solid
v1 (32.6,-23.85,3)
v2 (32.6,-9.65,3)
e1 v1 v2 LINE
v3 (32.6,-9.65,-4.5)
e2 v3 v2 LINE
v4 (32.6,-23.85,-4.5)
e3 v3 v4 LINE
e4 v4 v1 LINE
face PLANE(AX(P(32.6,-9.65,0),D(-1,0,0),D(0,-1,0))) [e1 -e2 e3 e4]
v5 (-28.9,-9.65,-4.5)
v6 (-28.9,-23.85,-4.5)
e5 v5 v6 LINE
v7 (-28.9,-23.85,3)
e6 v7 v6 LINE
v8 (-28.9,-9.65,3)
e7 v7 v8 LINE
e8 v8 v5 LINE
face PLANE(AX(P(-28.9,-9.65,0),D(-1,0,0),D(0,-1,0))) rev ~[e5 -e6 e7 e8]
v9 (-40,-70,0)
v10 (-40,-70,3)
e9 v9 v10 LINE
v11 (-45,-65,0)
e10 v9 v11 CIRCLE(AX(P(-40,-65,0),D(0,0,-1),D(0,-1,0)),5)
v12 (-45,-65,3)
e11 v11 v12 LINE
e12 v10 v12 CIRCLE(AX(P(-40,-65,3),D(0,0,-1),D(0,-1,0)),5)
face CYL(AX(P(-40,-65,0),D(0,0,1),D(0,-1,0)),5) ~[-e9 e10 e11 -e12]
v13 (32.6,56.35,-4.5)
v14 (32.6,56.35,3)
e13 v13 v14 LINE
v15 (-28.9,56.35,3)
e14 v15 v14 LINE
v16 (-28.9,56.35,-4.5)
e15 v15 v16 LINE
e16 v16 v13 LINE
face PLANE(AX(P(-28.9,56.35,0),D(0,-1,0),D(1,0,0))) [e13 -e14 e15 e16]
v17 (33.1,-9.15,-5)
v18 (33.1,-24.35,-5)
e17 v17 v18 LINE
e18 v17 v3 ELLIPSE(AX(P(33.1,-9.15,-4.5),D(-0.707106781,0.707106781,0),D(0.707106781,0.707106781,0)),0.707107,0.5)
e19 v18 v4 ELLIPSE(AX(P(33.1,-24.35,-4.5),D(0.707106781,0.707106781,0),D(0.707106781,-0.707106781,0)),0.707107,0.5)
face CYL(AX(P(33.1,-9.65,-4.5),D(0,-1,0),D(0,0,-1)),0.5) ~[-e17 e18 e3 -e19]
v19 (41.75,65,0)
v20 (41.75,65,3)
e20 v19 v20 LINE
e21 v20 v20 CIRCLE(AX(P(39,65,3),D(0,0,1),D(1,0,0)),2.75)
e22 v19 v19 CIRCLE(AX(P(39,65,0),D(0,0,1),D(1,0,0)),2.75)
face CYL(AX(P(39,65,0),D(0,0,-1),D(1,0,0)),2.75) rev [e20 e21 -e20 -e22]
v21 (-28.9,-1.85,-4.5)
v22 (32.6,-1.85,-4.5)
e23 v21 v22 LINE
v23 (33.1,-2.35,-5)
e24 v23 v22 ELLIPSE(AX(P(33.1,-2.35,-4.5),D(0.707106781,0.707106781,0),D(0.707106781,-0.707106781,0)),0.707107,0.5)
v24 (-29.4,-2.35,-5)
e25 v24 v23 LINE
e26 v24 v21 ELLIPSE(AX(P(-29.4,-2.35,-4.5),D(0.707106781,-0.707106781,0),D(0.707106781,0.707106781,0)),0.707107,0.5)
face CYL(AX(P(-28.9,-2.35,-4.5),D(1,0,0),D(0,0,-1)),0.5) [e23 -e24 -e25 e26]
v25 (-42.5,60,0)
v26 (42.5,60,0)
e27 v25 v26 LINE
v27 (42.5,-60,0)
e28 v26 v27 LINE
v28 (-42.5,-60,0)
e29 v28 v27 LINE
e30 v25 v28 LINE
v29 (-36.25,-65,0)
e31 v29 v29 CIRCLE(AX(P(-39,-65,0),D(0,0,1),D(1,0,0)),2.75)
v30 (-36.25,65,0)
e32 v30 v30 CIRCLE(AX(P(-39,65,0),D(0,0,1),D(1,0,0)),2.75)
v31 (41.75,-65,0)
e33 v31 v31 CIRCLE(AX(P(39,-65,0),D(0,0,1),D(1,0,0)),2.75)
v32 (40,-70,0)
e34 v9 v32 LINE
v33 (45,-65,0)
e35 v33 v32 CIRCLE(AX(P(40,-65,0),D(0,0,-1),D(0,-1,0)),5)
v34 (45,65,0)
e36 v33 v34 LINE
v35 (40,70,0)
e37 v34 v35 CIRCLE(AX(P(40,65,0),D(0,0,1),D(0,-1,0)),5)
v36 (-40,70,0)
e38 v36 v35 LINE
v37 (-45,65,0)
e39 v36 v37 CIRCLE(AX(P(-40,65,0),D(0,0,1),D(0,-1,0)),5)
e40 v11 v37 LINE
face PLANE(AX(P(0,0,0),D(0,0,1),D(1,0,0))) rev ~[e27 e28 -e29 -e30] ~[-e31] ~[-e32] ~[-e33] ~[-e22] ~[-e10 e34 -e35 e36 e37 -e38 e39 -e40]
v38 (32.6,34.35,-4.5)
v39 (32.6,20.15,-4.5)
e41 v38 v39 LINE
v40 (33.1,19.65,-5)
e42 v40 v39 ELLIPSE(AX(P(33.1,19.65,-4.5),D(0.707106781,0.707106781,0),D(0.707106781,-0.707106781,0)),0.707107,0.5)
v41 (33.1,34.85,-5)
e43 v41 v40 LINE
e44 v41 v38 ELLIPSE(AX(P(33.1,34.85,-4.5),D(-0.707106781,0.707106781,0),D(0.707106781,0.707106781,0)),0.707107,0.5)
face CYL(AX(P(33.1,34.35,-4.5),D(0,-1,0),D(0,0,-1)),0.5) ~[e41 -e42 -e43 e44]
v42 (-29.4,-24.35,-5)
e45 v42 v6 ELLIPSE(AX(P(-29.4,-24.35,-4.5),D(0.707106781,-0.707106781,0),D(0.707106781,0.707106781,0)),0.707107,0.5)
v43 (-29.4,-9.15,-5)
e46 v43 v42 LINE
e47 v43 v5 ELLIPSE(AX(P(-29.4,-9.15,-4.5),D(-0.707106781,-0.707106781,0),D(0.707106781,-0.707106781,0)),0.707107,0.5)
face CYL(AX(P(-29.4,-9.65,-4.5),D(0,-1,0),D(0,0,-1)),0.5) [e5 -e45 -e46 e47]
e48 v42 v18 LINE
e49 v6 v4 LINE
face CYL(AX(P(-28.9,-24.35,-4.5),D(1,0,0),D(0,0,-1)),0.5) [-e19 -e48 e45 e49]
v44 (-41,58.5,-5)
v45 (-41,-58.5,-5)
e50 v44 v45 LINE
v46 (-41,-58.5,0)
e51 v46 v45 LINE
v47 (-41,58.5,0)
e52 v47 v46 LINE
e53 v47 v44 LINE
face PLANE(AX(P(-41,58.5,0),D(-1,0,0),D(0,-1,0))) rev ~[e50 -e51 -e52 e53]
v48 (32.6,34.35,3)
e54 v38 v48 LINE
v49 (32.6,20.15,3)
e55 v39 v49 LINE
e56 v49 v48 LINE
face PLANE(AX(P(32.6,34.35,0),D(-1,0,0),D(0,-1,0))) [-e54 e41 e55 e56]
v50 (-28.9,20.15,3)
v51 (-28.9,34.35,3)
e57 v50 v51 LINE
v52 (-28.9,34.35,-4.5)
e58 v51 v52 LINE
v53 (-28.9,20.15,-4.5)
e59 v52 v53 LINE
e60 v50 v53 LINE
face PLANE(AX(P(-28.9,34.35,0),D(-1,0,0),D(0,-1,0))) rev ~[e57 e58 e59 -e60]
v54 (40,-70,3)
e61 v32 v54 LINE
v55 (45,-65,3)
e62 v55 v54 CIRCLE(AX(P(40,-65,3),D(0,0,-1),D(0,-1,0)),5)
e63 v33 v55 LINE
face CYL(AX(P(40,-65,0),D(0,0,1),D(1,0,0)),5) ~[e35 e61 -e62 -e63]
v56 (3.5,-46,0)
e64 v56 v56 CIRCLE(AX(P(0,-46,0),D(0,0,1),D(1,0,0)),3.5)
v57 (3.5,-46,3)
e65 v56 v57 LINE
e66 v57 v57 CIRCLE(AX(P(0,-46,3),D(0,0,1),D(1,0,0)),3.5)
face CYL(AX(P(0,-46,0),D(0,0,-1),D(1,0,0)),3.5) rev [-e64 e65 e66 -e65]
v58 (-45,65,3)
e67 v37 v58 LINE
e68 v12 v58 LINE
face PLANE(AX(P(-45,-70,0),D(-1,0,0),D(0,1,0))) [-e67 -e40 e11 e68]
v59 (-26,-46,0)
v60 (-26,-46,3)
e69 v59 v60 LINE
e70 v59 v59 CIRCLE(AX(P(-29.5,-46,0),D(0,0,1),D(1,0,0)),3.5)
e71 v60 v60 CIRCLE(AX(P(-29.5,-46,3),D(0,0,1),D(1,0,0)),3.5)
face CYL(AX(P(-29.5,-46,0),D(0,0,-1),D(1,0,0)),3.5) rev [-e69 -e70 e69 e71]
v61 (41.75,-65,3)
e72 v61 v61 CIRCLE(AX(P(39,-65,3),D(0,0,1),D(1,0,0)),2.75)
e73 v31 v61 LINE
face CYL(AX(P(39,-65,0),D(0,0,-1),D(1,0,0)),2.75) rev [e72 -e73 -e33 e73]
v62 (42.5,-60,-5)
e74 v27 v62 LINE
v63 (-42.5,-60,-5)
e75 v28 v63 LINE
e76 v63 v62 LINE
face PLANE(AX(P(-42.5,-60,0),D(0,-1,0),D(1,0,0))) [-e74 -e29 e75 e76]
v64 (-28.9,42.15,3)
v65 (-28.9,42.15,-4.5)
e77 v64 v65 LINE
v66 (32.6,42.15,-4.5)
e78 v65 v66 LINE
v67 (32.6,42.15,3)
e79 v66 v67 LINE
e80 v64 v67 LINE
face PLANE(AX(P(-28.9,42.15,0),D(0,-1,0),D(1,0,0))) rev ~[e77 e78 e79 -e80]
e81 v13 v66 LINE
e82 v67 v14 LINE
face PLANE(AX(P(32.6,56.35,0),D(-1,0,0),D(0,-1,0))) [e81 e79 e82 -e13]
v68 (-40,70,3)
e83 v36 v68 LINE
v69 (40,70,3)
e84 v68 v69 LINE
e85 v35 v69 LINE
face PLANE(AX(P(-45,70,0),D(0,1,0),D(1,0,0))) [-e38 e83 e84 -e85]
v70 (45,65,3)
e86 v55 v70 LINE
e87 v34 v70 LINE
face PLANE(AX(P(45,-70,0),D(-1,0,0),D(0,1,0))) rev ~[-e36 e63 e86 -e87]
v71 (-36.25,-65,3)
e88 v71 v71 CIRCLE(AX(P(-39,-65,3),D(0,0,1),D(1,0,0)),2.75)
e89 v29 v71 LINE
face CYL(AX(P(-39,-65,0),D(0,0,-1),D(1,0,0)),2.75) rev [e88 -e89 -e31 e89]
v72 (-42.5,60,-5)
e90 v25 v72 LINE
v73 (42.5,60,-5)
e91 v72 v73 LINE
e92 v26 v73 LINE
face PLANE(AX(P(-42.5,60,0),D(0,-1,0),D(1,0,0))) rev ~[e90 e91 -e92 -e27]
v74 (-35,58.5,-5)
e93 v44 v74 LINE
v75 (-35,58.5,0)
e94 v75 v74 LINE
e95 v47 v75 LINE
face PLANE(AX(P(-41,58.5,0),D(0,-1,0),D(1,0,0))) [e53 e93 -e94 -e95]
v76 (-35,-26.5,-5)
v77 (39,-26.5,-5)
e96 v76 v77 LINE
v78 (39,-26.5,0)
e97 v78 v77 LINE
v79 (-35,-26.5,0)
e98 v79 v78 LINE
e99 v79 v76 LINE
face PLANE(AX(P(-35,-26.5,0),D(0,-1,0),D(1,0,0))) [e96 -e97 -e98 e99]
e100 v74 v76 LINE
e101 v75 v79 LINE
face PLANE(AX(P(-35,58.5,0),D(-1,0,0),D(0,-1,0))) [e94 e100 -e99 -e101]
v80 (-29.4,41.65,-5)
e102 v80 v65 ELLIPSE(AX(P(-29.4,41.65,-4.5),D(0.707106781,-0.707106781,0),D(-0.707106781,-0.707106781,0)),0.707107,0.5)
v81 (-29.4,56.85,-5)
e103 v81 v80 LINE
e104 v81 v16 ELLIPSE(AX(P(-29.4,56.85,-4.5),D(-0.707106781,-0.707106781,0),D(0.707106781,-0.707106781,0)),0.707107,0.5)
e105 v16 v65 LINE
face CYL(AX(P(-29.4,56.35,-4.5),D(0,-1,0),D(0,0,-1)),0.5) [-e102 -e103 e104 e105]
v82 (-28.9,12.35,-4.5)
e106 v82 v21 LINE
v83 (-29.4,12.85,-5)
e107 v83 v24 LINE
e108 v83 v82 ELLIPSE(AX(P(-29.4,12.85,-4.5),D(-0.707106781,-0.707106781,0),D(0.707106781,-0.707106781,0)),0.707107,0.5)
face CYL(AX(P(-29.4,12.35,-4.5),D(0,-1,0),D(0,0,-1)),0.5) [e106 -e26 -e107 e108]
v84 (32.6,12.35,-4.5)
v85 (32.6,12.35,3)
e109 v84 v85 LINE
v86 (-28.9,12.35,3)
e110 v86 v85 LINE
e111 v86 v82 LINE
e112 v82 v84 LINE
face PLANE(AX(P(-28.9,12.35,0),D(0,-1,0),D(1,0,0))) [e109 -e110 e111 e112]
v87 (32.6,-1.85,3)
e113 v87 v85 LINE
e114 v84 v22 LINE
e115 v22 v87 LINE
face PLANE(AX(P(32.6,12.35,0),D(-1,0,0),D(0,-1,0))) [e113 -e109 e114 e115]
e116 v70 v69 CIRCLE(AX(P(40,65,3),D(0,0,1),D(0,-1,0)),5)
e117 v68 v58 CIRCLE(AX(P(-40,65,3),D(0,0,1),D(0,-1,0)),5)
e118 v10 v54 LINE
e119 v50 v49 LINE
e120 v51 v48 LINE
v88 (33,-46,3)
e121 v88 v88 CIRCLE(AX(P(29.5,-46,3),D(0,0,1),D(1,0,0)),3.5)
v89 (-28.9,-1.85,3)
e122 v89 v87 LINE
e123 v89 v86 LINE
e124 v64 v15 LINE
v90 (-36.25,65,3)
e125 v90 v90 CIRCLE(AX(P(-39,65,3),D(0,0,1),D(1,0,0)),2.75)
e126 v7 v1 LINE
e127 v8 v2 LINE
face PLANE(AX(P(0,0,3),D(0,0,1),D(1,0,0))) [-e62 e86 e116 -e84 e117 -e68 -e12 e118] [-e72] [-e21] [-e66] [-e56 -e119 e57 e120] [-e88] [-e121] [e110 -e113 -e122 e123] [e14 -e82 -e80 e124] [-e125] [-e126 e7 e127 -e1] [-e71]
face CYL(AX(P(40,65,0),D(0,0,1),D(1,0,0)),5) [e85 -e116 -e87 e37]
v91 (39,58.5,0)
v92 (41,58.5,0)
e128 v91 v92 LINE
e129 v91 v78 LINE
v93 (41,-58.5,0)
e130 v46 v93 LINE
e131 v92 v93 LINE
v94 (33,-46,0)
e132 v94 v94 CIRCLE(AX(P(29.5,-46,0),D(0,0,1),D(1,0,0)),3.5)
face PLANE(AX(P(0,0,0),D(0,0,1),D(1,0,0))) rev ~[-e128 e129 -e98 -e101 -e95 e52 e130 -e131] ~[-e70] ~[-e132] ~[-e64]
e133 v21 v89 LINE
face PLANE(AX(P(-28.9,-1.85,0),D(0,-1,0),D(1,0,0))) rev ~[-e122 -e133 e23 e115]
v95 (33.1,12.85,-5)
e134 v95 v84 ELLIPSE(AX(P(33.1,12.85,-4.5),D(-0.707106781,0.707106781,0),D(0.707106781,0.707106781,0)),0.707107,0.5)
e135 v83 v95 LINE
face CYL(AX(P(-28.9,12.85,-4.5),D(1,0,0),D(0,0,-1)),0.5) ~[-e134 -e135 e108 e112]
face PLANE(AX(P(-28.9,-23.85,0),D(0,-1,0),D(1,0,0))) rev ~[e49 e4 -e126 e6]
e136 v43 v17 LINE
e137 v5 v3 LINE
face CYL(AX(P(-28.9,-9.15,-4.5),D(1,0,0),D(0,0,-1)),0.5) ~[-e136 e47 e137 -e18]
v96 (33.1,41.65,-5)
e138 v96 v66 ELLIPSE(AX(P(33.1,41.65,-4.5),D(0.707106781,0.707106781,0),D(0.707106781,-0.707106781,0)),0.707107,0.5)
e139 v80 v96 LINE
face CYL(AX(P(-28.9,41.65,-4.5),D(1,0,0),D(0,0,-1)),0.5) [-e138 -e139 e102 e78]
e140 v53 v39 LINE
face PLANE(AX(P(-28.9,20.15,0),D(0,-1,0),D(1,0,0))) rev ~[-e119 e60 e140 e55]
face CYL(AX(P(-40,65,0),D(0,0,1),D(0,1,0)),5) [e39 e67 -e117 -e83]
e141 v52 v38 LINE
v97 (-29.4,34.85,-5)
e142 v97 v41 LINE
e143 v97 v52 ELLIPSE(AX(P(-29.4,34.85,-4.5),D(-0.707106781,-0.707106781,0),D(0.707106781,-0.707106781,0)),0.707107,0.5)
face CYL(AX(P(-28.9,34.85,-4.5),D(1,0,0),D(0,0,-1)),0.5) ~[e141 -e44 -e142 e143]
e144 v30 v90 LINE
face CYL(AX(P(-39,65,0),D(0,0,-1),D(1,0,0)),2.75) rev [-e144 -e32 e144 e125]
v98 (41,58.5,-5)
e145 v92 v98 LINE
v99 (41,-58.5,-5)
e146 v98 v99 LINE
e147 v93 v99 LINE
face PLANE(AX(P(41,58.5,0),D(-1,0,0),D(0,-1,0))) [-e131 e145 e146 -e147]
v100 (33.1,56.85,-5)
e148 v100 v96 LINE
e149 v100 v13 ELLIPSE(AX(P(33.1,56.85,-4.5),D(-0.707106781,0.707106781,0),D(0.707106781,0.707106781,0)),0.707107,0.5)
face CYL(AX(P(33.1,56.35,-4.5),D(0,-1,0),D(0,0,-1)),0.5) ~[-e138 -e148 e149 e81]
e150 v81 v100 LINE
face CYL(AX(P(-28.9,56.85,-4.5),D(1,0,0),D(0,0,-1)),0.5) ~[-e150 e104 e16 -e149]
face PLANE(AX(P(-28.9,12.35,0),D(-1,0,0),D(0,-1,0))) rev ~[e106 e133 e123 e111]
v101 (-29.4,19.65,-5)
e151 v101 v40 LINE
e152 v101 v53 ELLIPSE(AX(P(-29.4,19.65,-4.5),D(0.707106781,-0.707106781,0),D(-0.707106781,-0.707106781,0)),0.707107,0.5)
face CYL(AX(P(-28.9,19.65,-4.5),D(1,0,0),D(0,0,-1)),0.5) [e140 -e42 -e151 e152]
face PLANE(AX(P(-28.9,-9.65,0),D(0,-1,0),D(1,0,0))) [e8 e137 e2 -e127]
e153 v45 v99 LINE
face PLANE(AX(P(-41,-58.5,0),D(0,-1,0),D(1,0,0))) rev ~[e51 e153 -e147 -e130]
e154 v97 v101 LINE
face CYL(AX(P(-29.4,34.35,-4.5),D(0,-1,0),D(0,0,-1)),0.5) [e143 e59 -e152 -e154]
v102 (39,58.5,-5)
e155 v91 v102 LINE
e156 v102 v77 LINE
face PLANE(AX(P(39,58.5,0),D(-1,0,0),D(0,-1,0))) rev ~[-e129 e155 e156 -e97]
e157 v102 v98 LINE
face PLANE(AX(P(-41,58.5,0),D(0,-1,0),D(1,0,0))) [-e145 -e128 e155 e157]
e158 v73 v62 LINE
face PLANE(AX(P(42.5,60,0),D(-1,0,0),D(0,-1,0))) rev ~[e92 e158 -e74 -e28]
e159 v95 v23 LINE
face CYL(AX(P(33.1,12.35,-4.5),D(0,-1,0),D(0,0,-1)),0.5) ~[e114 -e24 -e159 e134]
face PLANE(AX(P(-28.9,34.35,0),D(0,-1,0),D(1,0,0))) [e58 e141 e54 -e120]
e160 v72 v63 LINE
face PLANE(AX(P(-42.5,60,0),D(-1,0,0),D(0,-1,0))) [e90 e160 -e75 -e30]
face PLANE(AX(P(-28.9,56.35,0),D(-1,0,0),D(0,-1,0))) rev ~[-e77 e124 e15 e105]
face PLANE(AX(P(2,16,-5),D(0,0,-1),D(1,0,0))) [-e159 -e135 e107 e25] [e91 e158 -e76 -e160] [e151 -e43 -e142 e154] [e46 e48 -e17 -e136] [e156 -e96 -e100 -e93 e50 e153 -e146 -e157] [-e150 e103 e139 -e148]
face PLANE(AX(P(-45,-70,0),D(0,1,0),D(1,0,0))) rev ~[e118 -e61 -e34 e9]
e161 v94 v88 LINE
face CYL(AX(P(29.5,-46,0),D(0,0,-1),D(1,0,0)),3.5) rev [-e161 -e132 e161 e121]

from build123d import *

# Parameters (mm, degrees)
SKETCH034_W   = 90
SKETCH034_H   = 140
SKETCH034_R   = 2.75
SKETCH034_R_2 = 3.5
SKETCH034_W_2 = 61.5
SKETCH034_H_2 = 14.2
PAD016_DEPTH  = 3
SKETCH033_W   = 85
SKETCH033_H   = 120
SKETCH033_W_2 = 82
SKETCH033_H_2 = 117
PAD017_DEPTH  = 5
SKETCH035_W   = 74
SKETCH035_H   = 85
SKETCH035_W_2 = 61.5
SKETCH035_H_2 = 14.2
PAD018_DEPTH  = 5
FILLET013_R   = 5
FILLET015_R   = 0.5


with BuildPart() as part:
    # Sketch034 → Pad016 (new body)
    with BuildSketch(Plane.XY):
        Rectangle(SKETCH034_W, SKETCH034_H)
        with Locations((-39, 65)):
            Circle(SKETCH034_R, mode=Mode.SUBTRACT)
        with Locations((39, 65)):
            Circle(SKETCH034_R, mode=Mode.SUBTRACT)
        with Locations((39, -65)):
            Circle(SKETCH034_R, mode=Mode.SUBTRACT)
        with Locations((-39, -65)):
            Circle(SKETCH034_R, mode=Mode.SUBTRACT)
        with Locations((-29.5, -46)):
            Circle(SKETCH034_R_2, mode=Mode.SUBTRACT)
        with Locations((0, -46)):
            Circle(SKETCH034_R_2, mode=Mode.SUBTRACT)
        with Locations((29.5, -46)):
            Circle(SKETCH034_R_2, mode=Mode.SUBTRACT)
        with Locations((1.85, 49.25)):
            Rectangle(SKETCH034_W_2, SKETCH034_H_2, mode=Mode.SUBTRACT)
        with Locations((1.85, 27.25)):
            Rectangle(SKETCH034_W_2, SKETCH034_H_2, mode=Mode.SUBTRACT)
        with Locations((1.85, 5.25)):
            Rectangle(SKETCH034_W_2, SKETCH034_H_2, mode=Mode.SUBTRACT)
        with Locations((1.85, -16.75)):
            Rectangle(SKETCH034_W_2, SKETCH034_H_2, mode=Mode.SUBTRACT)
    extrude(amount=PAD016_DEPTH)

    # Sketch033 (on Face28 of Pad016) → Pad017 (join)
    with BuildSketch(Plane(origin=(0, 0, 0), x_dir=(1, 0, 0), z_dir=(0, 0, -1))):
        Rectangle(SKETCH033_W, SKETCH033_H)
        Rectangle(SKETCH033_W_2, SKETCH033_H_2, mode=Mode.SUBTRACT)
    extrude(amount=PAD017_DEPTH)

    # Sketch035 (on Face35 of Pad017) → Pad018 (join)
    with BuildSketch(Plane(origin=(0, 0, 0), x_dir=(1, 0, 0), z_dir=(0, 0, -1))):
        with Locations((2, -16)):
            Rectangle(SKETCH035_W, SKETCH035_H)
        with Locations((1.85, -49.25)):
            Rectangle(SKETCH035_W_2, SKETCH035_H_2, mode=Mode.SUBTRACT)
        with Locations((1.85, 16.75)):
            Rectangle(SKETCH035_W_2, SKETCH035_H_2, mode=Mode.SUBTRACT)
        with Locations((1.85, -27.25)):
            Rectangle(SKETCH035_W_2, SKETCH035_H_2, mode=Mode.SUBTRACT)
        with Locations((1.85, -5.25)):
            Rectangle(SKETCH035_W_2, SKETCH035_H_2, mode=Mode.SUBTRACT)
    extrude(amount=PAD018_DEPTH)

    # Fillet013
    fillet013_edges = [part.edges().sort_by_distance(p)[0] for p in [
        (45, -70, 1.5),
        (-45, -70, 1.5),
        (-45, 70, 1.5),
        (45, 70, 1.5),
    ]]
    fillet(fillet013_edges, radius=FILLET013_R)

    # Fillet015
    fillet015_edges = [part.edges().sort_by_distance(p)[0] for p in [
        (1.85, 56.35, -5),
        (32.6, 49.25, -5),
        (-28.9, 49.25, -5),
        (1.85, 42.15, -5),
        (1.85, -9.65, -5),
        (32.6, -16.75, -5),
        (1.85, -23.85, -5),
        (-28.9, -16.75, -5),
        (1.85, 12.35, -5),
        (32.6, 5.25, -5),
        (1.85, -1.85, -5),
        (-28.9, 5.25, -5),
        (1.85, 34.35, -5),
        (-28.9, 27.25, -5),
        (1.85, 20.15, -5),
        (32.6, 27.25, -5),
    ]]
    fillet(fillet015_edges, radius=FILLET015_R)


solid = part.part
